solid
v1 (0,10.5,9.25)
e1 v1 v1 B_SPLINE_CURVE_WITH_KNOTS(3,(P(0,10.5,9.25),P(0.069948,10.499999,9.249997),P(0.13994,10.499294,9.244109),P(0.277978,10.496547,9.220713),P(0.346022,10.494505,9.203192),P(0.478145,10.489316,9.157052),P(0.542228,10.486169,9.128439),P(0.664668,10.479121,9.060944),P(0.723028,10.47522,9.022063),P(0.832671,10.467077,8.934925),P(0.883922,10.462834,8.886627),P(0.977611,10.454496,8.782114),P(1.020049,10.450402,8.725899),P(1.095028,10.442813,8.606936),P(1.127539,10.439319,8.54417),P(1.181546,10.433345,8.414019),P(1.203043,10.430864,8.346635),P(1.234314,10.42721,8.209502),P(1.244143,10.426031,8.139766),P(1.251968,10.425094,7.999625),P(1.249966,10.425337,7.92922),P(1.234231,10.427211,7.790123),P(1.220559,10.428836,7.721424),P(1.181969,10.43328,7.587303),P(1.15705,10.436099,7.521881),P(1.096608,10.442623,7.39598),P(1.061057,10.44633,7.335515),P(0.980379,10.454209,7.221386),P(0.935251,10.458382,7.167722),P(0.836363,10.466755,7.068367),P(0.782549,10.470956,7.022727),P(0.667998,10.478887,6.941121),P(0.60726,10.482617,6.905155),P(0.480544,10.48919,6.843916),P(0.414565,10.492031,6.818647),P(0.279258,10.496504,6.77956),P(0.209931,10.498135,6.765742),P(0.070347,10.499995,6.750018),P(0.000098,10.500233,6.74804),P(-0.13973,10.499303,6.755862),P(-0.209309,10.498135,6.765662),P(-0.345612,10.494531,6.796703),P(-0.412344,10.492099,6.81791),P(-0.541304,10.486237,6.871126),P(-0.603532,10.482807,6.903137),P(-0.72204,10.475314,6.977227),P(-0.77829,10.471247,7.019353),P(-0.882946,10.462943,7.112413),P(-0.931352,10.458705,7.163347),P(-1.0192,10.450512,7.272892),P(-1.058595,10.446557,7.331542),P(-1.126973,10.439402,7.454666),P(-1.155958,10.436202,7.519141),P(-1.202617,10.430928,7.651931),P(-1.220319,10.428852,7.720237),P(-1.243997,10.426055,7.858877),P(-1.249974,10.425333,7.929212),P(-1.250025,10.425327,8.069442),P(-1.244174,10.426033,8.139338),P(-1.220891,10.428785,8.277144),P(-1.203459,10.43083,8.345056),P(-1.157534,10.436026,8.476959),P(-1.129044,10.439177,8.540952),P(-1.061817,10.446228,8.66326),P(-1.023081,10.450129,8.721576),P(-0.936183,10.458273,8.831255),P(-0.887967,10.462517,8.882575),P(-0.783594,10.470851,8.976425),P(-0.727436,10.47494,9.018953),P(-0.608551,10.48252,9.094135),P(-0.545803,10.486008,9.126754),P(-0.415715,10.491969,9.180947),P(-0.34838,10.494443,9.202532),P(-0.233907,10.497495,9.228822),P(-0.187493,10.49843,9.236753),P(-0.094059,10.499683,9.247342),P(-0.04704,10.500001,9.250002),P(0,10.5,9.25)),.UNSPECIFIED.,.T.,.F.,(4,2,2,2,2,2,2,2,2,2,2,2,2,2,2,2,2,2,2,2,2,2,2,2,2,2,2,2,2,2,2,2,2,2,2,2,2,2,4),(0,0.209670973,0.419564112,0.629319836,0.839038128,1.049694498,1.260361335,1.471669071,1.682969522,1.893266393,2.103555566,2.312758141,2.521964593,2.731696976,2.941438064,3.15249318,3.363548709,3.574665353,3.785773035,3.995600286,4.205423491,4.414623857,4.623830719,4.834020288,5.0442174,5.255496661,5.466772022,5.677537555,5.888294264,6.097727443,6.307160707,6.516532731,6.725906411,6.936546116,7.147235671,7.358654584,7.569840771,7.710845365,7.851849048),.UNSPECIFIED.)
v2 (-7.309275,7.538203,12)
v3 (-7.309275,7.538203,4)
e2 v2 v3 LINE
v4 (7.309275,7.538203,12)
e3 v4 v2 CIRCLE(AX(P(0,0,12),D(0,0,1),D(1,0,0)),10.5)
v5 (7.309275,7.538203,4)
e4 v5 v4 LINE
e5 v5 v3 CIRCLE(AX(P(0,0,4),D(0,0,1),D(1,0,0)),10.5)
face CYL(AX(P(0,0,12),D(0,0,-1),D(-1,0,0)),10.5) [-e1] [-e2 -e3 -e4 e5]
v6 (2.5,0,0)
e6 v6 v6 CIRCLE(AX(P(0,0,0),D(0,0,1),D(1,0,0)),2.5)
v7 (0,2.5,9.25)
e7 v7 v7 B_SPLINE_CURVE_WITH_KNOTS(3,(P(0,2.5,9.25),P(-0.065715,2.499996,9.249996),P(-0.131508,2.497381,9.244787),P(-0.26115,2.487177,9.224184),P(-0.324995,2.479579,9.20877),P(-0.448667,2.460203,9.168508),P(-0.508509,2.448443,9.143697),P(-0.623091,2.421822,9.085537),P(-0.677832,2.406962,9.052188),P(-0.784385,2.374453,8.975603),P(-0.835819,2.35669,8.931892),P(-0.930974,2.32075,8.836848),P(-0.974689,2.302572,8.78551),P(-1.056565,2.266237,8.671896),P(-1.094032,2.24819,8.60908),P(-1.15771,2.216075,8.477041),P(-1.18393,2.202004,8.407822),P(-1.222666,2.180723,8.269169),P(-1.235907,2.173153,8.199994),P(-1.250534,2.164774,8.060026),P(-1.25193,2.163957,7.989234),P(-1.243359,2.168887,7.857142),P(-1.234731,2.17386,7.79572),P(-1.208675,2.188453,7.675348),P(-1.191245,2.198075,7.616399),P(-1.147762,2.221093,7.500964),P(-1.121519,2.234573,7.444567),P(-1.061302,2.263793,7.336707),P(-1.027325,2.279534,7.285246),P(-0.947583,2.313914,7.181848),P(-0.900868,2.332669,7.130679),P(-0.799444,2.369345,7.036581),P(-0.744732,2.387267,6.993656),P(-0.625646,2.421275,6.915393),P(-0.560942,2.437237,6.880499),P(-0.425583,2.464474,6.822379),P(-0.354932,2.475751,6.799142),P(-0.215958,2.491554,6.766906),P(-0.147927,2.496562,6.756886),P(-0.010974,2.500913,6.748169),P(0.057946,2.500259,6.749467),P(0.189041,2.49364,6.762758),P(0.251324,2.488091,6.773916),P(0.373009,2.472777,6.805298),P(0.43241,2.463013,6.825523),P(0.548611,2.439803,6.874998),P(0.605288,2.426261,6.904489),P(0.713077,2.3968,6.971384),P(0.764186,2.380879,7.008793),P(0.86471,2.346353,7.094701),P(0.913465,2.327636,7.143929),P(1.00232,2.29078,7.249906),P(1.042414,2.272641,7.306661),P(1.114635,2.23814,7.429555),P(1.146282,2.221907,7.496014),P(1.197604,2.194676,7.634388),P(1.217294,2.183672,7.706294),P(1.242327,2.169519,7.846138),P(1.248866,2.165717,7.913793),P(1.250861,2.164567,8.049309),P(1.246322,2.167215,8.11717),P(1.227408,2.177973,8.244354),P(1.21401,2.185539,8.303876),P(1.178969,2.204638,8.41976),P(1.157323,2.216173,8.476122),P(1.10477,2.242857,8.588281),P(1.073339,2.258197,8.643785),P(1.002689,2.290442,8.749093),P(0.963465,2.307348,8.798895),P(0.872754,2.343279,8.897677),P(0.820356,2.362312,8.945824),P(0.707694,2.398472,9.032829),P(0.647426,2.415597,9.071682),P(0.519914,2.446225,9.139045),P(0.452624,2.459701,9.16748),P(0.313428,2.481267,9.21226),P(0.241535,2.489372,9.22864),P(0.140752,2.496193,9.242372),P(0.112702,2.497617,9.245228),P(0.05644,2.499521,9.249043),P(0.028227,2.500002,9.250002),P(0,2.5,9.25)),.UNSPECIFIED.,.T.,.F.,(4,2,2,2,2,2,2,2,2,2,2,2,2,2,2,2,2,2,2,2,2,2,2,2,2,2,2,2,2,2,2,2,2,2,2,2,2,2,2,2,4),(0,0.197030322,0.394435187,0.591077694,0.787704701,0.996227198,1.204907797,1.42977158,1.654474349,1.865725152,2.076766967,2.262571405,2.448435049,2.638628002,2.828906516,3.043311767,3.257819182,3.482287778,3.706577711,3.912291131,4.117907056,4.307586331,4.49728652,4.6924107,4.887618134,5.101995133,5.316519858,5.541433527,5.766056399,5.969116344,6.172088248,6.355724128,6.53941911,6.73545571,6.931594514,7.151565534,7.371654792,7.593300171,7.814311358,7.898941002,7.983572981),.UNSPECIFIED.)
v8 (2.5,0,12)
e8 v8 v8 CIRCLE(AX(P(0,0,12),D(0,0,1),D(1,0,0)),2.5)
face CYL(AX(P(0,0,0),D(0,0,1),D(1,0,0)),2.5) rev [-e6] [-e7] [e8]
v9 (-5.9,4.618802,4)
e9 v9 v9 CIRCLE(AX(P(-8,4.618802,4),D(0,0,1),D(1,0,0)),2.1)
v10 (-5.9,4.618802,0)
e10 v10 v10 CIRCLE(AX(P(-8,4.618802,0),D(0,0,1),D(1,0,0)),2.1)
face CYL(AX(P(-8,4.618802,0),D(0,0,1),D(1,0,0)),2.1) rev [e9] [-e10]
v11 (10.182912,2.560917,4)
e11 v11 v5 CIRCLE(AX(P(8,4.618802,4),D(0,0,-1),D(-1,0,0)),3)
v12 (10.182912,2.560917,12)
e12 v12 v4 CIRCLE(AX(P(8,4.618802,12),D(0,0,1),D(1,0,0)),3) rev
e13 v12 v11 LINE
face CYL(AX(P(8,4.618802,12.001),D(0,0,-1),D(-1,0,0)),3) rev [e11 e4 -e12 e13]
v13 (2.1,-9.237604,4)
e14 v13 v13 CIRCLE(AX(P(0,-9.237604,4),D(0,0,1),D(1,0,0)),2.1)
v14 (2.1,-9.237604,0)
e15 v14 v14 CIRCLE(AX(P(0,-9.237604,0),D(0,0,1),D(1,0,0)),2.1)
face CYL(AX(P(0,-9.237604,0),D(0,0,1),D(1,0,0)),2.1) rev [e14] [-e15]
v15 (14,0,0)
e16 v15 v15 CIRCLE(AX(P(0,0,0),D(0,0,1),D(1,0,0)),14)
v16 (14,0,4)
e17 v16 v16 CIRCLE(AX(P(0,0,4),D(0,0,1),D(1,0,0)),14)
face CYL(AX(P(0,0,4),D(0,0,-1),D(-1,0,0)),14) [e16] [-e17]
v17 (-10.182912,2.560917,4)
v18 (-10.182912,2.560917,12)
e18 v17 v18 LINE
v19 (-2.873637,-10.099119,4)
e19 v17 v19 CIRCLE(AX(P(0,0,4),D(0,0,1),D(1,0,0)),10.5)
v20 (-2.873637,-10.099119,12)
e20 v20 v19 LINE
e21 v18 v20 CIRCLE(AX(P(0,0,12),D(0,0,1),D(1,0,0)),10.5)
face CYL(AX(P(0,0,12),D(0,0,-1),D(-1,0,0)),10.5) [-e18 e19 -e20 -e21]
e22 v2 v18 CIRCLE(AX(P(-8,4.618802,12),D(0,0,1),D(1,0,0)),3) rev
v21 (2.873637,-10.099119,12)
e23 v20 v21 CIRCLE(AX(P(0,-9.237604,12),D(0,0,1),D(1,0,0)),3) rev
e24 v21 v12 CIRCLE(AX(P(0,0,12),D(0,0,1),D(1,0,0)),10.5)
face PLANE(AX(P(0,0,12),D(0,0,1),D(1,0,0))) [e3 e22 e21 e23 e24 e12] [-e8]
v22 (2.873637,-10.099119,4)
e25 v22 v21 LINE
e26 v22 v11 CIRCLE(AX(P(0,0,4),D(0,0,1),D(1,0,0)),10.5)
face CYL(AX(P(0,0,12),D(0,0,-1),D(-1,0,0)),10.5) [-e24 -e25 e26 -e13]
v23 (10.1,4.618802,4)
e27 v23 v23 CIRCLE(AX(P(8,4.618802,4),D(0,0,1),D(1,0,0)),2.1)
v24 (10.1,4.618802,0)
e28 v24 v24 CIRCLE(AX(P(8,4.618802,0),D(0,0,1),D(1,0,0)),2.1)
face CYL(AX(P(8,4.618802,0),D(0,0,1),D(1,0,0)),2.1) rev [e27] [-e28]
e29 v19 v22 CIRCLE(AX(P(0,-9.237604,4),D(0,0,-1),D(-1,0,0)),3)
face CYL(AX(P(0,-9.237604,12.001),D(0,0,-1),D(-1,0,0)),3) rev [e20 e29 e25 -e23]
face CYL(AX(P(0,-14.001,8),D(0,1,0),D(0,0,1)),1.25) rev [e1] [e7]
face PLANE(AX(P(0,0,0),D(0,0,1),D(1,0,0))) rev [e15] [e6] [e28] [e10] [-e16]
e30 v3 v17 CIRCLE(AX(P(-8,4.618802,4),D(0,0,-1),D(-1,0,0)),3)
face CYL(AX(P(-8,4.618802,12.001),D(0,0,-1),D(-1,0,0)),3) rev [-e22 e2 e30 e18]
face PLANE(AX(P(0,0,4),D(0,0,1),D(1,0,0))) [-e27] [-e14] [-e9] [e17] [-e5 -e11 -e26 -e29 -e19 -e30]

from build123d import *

# Parameters (mm, degrees)
SKIZZE1_R                       = 14
AUFSATZ_LINEAR_AUSTRAGEN1_DEPTH = 4
SKIZZE3_R                       = 2.1
SCHNITT_LINEAR_AUSTRAGEN1_DEPTH = 5
SKIZZE2_R                       = 10.5
AUFSATZ_LINEAR_AUSTRAGEN2_DEPTH = 8
SCHNITT_LINEAR_AUSTRAGEN2_REACH = 10
SKIZZE5_R                       = 3
SKIZZE6_R                       = 2.5
SCHNITT_LINEAR_AUSTRAGEN3_DEPTH = 13
SCHNITT_LINEAR_AUSTRAGEN4_REACH = 26.5
SKIZZE7_R                       = 1.25


with BuildPart() as part:
    # Skizze1 → Aufsatz-Linear austragen1 (new body)
    with BuildSketch(Plane.XY):
        Circle(SKIZZE1_R)
    extrude(amount=AUFSATZ_LINEAR_AUSTRAGEN1_DEPTH)

    # Skizze3 → Schnitt-Linear austragen1 (cut, through all)
    with BuildSketch(Plane.XY.offset(4)):
        with Locations((-8, 4.618802154)):
            Circle(SKIZZE3_R)
        with Locations((8, 4.618802154)):
            Circle(SKIZZE3_R)
        with Locations((0, -9.237604307)):
            Circle(SKIZZE3_R)
    extrude(amount=-SCHNITT_LINEAR_AUSTRAGEN1_DEPTH, mode=Mode.SUBTRACT)

    # Skizze2 → Aufsatz-Linear austragen2 (add)
    with BuildSketch(Plane.XY.offset(4)):
        Circle(SKIZZE2_R)
    extrude(amount=AUFSATZ_LINEAR_AUSTRAGEN2_DEPTH)

    # Skizze5 → Schnitt-Linear austragen2 (cut, up to next)
    with BuildSketch(Plane(origin=(0, 0, 4), x_dir=(-1, 0, 0), z_dir=(0, 0, -1)), mode=Mode.PRIVATE) as schnitt_linear_austragen2_sk1:
        with Locations((-8, 4.618802154)):
            Circle(SKIZZE5_R)
    schnitt_linear_austragen2_tool1 = extrude(schnitt_linear_austragen2_sk1.sketch, amount=-SCHNITT_LINEAR_AUSTRAGEN2_REACH, mode=Mode.PRIVATE) & part.part
    add(schnitt_linear_austragen2_tool1.solids().sort_by_distance((8, 4.618802, 4))[0], mode=Mode.SUBTRACT)
    # Skizze5 → Schnitt-Linear austragen2 (cut, up to next)
    with BuildSketch(Plane(origin=(0, 0, 4), x_dir=(-1, 0, 0), z_dir=(0, 0, -1)), mode=Mode.PRIVATE) as schnitt_linear_austragen2_sk2:
        with Locations((8, 4.618802154)):
            Circle(SKIZZE5_R)
    schnitt_linear_austragen2_tool2 = extrude(schnitt_linear_austragen2_sk2.sketch, amount=-SCHNITT_LINEAR_AUSTRAGEN2_REACH, mode=Mode.PRIVATE) & part.part
    add(schnitt_linear_austragen2_tool2.solids().sort_by_distance((-8, 4.618802, 4))[0], mode=Mode.SUBTRACT)
    # Skizze5 → Schnitt-Linear austragen2 (cut, up to next)
    with BuildSketch(Plane(origin=(0, 0, 4), x_dir=(-1, 0, 0), z_dir=(0, 0, -1)), mode=Mode.PRIVATE) as schnitt_linear_austragen2_sk3:
        with Locations((0, -9.237604307)):
            Circle(SKIZZE5_R)
    schnitt_linear_austragen2_tool3 = extrude(schnitt_linear_austragen2_sk3.sketch, amount=-SCHNITT_LINEAR_AUSTRAGEN2_REACH, mode=Mode.PRIVATE) & part.part
    add(schnitt_linear_austragen2_tool3.solids().sort_by_distance((0, -9.237604, 4))[0], mode=Mode.SUBTRACT)

    # Skizze6 → Schnitt-Linear austragen3 (cut, through all)
    with BuildSketch(Plane.XY.offset(12)):
        Circle(SKIZZE6_R)
    extrude(amount=-SCHNITT_LINEAR_AUSTRAGEN3_DEPTH, mode=Mode.SUBTRACT)

    # Skizze7 → Schnitt-Linear austragen4 (cut, up to next)
    with BuildSketch(Plane(origin=(0, 10.5, 0), x_dir=(1, 0, 0), z_dir=(0, 1, 0)), mode=Mode.PRIVATE) as schnitt_linear_austragen4_sk1:
        with Locations((0, -8)):
            Circle(SKIZZE7_R)
    schnitt_linear_austragen4_tool1 = extrude(schnitt_linear_austragen4_sk1.sketch, amount=-SCHNITT_LINEAR_AUSTRAGEN4_REACH, mode=Mode.PRIVATE) & part.part
    add(schnitt_linear_austragen4_tool1.solids().sort_by_distance((0, 10.5, 8))[0], mode=Mode.SUBTRACT)


solid = part.part
